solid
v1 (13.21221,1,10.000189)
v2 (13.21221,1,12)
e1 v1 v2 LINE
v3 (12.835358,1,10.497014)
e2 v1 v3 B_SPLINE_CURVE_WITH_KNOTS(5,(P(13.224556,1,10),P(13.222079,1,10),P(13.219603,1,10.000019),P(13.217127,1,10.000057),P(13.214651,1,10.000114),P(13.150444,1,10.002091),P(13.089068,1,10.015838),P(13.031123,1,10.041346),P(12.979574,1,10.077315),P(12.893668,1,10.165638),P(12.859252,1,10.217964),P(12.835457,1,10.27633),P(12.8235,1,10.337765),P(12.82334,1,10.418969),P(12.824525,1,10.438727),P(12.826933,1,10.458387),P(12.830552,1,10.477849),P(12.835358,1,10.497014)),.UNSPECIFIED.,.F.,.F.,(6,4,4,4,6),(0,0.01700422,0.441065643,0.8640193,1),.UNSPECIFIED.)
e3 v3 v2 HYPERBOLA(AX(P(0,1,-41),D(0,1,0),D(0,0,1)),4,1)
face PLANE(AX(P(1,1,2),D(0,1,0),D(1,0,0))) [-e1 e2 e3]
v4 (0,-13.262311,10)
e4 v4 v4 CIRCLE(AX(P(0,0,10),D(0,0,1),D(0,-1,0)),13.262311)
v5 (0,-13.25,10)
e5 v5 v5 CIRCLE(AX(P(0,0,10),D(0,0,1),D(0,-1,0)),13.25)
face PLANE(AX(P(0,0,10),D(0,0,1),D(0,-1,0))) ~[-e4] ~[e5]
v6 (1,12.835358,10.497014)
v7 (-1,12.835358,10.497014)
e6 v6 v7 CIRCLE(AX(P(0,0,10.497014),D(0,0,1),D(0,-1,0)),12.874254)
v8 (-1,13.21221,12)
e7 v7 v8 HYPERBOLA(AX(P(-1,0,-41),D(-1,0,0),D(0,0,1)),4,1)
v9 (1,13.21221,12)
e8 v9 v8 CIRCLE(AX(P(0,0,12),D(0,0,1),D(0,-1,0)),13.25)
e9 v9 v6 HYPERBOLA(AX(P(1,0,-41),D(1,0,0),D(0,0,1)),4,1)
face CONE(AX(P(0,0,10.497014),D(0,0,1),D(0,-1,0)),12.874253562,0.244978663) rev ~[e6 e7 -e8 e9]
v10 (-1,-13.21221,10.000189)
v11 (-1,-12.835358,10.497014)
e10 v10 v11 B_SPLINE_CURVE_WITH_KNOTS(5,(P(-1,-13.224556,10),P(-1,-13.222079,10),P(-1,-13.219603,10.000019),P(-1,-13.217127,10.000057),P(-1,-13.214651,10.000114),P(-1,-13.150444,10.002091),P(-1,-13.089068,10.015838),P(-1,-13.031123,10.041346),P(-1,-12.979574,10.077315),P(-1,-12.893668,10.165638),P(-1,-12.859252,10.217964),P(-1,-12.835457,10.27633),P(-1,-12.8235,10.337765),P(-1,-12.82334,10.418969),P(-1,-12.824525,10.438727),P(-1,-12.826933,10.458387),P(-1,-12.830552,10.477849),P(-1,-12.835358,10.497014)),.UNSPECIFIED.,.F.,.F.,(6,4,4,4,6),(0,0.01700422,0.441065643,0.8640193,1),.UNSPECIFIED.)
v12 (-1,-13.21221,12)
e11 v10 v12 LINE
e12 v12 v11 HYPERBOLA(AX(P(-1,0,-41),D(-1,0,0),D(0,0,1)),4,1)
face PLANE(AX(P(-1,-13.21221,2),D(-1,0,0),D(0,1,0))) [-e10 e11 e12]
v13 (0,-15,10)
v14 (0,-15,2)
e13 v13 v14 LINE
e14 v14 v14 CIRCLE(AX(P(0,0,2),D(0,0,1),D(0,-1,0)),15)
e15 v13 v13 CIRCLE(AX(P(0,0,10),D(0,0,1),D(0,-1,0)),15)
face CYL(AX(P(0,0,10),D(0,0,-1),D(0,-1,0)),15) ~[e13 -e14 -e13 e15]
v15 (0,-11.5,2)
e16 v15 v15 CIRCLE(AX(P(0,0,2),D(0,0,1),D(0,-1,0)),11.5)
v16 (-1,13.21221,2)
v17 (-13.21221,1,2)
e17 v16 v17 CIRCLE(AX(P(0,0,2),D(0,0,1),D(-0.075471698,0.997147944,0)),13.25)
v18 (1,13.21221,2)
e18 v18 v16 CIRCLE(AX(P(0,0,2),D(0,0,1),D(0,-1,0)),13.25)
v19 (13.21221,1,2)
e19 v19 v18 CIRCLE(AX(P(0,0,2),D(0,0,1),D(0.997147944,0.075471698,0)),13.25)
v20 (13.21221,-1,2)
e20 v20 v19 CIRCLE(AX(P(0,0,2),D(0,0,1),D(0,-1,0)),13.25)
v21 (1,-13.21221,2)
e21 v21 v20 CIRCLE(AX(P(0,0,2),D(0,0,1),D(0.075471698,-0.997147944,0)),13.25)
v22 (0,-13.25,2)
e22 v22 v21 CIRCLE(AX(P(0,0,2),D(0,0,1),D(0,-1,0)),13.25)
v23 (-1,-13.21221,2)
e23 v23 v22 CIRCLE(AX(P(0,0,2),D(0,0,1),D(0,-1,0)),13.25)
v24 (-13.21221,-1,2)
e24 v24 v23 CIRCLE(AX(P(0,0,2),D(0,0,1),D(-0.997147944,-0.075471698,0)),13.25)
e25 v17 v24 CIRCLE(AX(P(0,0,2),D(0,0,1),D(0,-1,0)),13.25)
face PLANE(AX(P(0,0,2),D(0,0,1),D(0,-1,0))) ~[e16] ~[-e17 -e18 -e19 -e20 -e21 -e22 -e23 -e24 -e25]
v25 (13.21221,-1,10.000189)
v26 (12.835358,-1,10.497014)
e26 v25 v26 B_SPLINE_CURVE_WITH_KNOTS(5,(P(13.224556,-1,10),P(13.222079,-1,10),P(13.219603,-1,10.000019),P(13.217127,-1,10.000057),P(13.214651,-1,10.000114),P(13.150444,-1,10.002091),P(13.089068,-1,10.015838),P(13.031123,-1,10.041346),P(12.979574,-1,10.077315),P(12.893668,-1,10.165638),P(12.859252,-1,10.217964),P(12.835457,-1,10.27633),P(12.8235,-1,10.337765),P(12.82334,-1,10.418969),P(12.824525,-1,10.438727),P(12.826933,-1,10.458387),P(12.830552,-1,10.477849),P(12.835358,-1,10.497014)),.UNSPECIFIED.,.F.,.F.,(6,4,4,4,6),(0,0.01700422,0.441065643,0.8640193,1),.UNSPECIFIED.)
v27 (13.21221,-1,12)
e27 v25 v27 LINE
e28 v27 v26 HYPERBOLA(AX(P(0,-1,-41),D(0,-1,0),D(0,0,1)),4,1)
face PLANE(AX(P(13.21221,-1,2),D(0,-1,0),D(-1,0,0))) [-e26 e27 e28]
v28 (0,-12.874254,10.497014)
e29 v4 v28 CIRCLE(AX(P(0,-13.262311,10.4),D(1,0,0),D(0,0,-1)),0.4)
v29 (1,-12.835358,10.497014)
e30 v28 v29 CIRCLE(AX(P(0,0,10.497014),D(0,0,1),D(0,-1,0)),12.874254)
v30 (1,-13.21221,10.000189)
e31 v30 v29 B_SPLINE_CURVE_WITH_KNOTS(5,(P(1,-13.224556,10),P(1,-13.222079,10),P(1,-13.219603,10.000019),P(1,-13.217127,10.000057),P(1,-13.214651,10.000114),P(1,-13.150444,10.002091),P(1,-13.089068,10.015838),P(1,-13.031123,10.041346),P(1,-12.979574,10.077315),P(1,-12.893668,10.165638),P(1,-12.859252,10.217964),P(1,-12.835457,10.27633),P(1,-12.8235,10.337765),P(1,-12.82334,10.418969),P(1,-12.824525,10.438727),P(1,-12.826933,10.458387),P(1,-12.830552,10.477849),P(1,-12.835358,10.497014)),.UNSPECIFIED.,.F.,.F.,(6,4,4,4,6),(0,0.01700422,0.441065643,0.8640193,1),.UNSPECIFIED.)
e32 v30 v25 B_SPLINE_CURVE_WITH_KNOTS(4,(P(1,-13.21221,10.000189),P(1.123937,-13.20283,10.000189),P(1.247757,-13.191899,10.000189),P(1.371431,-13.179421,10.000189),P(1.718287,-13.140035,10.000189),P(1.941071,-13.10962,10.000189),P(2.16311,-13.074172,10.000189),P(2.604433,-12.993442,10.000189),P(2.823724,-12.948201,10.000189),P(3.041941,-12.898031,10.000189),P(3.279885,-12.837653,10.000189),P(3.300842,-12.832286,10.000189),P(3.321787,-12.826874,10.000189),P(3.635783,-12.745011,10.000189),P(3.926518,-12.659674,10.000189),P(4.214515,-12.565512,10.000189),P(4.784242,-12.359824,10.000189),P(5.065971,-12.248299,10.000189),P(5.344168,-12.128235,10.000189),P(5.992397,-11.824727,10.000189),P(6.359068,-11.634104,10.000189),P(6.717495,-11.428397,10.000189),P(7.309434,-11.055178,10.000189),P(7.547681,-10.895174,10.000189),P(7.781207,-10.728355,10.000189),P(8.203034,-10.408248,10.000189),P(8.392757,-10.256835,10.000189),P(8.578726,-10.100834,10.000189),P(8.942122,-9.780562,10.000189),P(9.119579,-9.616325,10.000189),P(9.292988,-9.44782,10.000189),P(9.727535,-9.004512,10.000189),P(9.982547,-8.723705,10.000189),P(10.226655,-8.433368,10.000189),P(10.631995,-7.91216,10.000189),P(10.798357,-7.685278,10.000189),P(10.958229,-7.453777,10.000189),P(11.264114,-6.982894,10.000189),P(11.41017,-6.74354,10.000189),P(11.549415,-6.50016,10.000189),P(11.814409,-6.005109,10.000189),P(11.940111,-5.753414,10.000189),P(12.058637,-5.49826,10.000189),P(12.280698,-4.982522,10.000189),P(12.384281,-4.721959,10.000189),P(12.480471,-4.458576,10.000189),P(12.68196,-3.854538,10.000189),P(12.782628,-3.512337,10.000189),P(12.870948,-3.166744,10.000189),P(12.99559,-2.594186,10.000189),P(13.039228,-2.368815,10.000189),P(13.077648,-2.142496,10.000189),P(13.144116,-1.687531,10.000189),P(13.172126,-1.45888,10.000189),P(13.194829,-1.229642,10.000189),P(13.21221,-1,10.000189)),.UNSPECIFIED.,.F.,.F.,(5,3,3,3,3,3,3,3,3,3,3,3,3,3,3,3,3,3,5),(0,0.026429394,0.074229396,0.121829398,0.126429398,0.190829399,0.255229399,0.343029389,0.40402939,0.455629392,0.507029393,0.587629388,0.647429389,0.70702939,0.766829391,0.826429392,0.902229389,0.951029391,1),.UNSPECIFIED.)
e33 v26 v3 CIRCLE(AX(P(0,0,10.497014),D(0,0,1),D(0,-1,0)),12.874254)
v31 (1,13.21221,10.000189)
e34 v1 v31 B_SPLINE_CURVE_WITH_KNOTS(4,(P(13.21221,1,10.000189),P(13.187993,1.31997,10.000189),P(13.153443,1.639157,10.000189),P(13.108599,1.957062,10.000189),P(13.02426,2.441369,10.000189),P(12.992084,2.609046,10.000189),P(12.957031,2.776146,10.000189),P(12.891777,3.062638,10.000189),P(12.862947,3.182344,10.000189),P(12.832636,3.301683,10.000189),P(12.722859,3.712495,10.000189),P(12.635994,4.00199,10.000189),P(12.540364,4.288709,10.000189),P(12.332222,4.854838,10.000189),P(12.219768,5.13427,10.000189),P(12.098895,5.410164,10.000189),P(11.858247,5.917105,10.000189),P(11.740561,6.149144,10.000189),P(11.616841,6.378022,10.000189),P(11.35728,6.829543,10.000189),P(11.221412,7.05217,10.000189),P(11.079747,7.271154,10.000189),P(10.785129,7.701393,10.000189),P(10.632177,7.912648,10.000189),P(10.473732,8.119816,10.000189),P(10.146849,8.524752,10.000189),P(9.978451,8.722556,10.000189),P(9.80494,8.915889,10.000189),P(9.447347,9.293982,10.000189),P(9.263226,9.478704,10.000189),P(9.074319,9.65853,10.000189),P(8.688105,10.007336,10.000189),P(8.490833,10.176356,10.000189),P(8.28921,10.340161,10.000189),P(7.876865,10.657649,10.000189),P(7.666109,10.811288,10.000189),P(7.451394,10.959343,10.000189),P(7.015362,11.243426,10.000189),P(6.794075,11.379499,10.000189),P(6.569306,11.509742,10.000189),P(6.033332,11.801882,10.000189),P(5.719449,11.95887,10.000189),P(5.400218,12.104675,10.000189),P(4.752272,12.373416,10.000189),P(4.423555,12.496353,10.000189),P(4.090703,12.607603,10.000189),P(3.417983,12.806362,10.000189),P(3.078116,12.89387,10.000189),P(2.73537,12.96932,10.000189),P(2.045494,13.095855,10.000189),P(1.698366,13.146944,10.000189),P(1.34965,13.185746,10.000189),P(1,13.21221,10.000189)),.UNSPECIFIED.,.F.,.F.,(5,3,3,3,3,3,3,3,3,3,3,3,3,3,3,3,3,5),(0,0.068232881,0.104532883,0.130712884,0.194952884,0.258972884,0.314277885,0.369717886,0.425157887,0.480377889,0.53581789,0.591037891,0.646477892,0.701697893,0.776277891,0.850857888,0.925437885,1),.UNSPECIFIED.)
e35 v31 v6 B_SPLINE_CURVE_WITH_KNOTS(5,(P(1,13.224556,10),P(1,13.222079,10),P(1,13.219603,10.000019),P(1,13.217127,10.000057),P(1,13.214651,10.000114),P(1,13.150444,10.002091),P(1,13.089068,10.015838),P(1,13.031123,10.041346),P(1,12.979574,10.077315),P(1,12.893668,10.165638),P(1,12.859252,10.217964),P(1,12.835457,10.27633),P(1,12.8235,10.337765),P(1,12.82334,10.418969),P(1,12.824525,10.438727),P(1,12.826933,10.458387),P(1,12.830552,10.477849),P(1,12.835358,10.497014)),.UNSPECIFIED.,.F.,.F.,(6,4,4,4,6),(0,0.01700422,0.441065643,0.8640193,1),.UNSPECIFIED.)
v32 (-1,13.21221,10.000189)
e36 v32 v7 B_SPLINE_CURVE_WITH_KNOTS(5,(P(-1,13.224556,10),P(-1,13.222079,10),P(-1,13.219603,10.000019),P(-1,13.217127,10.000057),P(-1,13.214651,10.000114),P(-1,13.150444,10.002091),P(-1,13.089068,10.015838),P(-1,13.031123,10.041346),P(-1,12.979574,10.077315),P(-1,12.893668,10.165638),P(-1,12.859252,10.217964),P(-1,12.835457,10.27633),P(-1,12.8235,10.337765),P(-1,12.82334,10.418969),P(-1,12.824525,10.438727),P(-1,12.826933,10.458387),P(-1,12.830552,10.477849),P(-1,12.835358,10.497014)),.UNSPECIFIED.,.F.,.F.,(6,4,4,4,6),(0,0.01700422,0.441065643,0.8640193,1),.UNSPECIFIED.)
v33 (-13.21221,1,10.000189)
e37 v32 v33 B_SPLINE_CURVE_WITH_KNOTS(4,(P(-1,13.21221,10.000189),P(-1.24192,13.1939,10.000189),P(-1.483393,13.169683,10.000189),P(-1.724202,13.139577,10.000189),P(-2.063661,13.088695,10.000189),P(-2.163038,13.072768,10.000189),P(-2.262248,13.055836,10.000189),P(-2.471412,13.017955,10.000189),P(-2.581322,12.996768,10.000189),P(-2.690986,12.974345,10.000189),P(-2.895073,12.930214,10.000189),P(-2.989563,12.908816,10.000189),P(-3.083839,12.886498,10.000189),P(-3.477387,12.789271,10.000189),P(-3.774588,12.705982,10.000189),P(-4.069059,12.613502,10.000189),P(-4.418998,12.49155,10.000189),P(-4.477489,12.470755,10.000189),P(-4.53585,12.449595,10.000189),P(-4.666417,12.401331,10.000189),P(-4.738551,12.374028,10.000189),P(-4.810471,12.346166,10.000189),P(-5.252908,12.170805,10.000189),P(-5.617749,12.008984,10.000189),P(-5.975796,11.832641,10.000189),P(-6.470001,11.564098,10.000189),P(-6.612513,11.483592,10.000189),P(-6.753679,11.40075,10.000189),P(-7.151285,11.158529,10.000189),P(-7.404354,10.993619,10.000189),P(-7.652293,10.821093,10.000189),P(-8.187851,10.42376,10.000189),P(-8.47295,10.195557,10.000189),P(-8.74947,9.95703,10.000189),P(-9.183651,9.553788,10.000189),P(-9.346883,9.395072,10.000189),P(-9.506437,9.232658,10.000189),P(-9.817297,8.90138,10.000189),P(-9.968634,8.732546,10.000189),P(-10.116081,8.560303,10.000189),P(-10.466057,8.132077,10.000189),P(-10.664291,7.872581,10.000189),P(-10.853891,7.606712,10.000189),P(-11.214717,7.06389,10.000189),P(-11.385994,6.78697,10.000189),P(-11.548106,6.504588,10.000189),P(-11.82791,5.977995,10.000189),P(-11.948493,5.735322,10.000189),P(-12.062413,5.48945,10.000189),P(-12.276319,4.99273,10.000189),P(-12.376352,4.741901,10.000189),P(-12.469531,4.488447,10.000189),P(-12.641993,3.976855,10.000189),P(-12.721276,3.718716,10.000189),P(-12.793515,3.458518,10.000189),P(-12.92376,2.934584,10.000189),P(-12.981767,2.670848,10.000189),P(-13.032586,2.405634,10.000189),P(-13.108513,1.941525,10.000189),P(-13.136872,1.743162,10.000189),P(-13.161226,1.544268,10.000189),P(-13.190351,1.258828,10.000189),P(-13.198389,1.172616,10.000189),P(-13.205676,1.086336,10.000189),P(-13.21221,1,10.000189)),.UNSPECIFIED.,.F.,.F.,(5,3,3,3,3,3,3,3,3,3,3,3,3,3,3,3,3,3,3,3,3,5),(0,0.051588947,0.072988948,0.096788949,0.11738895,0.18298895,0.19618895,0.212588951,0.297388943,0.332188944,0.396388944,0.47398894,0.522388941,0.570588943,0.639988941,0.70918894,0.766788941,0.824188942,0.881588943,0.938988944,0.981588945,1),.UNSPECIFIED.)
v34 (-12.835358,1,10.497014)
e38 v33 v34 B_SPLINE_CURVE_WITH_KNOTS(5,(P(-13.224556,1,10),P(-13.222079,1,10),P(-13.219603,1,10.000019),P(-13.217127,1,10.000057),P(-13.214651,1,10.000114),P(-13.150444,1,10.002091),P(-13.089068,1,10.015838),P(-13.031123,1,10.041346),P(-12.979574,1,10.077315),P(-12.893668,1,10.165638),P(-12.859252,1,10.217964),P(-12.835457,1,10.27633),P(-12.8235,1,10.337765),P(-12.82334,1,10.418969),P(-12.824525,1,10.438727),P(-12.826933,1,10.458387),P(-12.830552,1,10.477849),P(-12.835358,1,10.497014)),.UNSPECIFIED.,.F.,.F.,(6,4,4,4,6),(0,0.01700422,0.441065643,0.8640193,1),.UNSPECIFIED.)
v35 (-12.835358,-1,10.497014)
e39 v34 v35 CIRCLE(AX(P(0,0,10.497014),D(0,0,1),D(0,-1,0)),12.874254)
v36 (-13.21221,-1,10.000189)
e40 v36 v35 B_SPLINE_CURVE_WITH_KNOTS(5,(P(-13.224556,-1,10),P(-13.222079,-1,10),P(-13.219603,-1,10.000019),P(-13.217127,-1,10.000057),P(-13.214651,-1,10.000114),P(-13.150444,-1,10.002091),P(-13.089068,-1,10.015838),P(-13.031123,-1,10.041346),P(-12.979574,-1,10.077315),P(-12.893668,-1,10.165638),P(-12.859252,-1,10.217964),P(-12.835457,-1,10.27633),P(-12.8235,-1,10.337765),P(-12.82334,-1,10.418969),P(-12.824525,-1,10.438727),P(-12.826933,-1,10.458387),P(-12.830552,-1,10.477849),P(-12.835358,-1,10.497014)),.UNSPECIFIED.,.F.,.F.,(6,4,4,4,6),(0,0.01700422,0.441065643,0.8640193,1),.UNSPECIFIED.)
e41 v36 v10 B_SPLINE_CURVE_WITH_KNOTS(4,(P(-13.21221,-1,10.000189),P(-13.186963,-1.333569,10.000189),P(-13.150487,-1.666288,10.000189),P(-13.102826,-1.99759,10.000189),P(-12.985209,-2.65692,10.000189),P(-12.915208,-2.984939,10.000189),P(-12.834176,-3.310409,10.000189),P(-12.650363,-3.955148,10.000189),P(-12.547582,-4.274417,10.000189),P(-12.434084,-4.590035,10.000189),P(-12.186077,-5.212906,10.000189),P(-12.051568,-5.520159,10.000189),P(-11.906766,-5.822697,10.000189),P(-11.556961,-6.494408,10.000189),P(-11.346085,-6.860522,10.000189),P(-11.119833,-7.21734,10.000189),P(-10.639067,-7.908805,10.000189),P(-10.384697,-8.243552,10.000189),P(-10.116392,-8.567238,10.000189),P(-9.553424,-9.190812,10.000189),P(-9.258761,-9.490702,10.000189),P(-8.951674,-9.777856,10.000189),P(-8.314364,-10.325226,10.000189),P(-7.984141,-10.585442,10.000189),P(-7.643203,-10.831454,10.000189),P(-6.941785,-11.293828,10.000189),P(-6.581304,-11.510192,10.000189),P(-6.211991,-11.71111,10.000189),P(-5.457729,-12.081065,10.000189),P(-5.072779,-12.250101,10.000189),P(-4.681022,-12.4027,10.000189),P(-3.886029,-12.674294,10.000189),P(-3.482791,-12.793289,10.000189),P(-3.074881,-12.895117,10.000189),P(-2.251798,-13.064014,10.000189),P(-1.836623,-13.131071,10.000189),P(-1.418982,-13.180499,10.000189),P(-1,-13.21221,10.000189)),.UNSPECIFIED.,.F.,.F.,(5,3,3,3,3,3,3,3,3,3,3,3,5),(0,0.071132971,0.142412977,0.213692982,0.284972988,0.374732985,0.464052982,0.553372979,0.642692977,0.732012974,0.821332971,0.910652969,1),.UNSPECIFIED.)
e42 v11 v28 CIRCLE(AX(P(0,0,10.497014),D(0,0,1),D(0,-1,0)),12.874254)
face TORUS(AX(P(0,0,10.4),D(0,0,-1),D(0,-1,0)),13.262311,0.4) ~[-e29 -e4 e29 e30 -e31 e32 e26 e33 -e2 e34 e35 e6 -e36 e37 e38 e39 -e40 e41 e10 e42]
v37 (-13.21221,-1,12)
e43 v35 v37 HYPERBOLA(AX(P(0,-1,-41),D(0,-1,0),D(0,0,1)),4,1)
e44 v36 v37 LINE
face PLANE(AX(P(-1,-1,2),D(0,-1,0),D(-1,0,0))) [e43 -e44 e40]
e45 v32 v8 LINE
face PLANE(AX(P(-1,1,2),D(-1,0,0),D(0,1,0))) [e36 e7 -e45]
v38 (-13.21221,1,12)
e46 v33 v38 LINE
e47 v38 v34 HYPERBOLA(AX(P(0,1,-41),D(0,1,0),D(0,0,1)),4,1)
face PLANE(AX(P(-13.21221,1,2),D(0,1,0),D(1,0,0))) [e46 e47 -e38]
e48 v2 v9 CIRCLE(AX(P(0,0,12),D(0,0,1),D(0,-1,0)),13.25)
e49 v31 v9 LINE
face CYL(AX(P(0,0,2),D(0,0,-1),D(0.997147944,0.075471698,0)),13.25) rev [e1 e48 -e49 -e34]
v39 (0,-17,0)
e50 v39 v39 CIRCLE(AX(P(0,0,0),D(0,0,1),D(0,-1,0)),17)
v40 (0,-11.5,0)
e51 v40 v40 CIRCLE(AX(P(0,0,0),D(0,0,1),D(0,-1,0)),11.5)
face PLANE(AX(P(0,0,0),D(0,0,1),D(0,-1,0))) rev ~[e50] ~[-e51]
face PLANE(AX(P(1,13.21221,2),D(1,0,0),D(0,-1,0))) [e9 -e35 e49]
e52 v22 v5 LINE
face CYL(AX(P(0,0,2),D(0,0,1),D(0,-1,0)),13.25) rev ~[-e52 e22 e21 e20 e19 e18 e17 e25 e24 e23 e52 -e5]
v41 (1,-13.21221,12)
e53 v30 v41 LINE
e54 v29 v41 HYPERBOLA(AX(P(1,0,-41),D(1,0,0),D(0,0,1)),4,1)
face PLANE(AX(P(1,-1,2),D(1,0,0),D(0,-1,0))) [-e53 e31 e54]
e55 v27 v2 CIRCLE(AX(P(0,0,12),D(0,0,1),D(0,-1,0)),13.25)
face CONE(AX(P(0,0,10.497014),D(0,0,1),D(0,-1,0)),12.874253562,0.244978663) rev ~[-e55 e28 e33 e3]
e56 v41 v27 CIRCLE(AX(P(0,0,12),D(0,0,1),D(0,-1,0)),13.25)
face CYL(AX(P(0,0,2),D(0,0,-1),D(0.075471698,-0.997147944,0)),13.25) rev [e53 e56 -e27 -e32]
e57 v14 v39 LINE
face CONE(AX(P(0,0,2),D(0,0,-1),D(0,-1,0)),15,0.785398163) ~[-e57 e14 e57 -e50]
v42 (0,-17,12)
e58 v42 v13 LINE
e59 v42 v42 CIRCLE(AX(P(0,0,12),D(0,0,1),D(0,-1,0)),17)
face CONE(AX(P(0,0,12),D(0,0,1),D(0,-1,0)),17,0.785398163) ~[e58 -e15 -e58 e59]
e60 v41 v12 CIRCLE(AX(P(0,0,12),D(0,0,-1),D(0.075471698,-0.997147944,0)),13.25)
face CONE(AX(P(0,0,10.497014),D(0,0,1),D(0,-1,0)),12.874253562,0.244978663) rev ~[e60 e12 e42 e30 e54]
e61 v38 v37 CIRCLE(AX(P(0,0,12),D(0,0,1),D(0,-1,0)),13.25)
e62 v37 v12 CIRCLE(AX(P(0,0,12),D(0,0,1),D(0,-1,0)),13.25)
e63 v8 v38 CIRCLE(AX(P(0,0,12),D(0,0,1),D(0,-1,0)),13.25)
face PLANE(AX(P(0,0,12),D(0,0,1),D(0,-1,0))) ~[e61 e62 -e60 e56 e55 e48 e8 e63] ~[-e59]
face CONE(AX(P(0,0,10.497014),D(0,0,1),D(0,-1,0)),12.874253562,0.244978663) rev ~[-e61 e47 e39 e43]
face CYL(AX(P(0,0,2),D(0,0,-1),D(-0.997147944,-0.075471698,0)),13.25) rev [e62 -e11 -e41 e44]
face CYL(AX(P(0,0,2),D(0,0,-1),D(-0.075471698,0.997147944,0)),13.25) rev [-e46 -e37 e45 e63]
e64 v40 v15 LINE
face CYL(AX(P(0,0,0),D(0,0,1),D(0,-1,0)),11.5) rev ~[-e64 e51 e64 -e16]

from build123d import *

# Parameters (mm, degrees)
F3_START = 2
F3_DEPTH = 10.001


with BuildPart() as f1:
    # F0 (on Right) → F1 (revolve)
    with BuildSketch(Plane.YZ):
        with BuildLine():
            Line((-17, 0), (-11.5, 0))
            Line((-11.5, 0), (-11.5, 2))
            Line((-11.5, 2), (-13.25, 2))
            Line((-13.25, 2), (-13.25, 10))
            Line((-13.25, 10), (-13.2623105626, 10))
            ThreePointArc((-13.2623105626, 10), (-12.9470283874, 10.1538351162), (-12.8742535625, 10.49701425))
            Line((-12.8742535625, 10.49701425), (-13.25, 12))
            Line((-13.25, 12), (-17, 12))
            Line((-17, 12), (-15, 10))
            Line((-15, 10), (-15, 2))
            Line((-15, 2), (-17, 0))
        make_face()
    revolve(axis=Axis((0, 0, 6), (0, 0, 1)))

    # F2 (on Top) → F3 (cut)
    with BuildSketch(Plane.XY.offset(F3_START)):
        with BuildLine():
            ThreePointArc((-1, 13.2122102617), (-9.3691648507, 9.3691648507), (-13.2122102617, 1))
            Line((-13.2122102617, 1), (-1, 1))
            Line((-1, 1), (-1, 13.2122102617))
        make_face()
        with BuildLine():
            ThreePointArc((13.2122102617, 1), (9.3691648507, 9.3691648507), (1, 13.2122102617))
            Line((1, 13.2122102617), (1, 1))
            Line((1, 1), (13.2122102617, 1))
        make_face()
        with BuildLine():
            Line((1, -1), (1, -13.2122102617))
            ThreePointArc((1, -13.2122102617), (9.3691648507, -9.3691648507), (13.2122102617, -1))
            Line((13.2122102617, -1), (1, -1))
        make_face()
        with BuildLine():
            Line((-1, -1), (-13.2122102617, -1))
            ThreePointArc((-13.2122102617, -1), (-9.3691648507, -9.3691648507), (-1, -13.2122102617))
            Line((-1, -13.2122102617), (-1, -1))
        make_face()
    extrude(amount=F3_DEPTH, mode=Mode.SUBTRACT)


solid = f1.part
